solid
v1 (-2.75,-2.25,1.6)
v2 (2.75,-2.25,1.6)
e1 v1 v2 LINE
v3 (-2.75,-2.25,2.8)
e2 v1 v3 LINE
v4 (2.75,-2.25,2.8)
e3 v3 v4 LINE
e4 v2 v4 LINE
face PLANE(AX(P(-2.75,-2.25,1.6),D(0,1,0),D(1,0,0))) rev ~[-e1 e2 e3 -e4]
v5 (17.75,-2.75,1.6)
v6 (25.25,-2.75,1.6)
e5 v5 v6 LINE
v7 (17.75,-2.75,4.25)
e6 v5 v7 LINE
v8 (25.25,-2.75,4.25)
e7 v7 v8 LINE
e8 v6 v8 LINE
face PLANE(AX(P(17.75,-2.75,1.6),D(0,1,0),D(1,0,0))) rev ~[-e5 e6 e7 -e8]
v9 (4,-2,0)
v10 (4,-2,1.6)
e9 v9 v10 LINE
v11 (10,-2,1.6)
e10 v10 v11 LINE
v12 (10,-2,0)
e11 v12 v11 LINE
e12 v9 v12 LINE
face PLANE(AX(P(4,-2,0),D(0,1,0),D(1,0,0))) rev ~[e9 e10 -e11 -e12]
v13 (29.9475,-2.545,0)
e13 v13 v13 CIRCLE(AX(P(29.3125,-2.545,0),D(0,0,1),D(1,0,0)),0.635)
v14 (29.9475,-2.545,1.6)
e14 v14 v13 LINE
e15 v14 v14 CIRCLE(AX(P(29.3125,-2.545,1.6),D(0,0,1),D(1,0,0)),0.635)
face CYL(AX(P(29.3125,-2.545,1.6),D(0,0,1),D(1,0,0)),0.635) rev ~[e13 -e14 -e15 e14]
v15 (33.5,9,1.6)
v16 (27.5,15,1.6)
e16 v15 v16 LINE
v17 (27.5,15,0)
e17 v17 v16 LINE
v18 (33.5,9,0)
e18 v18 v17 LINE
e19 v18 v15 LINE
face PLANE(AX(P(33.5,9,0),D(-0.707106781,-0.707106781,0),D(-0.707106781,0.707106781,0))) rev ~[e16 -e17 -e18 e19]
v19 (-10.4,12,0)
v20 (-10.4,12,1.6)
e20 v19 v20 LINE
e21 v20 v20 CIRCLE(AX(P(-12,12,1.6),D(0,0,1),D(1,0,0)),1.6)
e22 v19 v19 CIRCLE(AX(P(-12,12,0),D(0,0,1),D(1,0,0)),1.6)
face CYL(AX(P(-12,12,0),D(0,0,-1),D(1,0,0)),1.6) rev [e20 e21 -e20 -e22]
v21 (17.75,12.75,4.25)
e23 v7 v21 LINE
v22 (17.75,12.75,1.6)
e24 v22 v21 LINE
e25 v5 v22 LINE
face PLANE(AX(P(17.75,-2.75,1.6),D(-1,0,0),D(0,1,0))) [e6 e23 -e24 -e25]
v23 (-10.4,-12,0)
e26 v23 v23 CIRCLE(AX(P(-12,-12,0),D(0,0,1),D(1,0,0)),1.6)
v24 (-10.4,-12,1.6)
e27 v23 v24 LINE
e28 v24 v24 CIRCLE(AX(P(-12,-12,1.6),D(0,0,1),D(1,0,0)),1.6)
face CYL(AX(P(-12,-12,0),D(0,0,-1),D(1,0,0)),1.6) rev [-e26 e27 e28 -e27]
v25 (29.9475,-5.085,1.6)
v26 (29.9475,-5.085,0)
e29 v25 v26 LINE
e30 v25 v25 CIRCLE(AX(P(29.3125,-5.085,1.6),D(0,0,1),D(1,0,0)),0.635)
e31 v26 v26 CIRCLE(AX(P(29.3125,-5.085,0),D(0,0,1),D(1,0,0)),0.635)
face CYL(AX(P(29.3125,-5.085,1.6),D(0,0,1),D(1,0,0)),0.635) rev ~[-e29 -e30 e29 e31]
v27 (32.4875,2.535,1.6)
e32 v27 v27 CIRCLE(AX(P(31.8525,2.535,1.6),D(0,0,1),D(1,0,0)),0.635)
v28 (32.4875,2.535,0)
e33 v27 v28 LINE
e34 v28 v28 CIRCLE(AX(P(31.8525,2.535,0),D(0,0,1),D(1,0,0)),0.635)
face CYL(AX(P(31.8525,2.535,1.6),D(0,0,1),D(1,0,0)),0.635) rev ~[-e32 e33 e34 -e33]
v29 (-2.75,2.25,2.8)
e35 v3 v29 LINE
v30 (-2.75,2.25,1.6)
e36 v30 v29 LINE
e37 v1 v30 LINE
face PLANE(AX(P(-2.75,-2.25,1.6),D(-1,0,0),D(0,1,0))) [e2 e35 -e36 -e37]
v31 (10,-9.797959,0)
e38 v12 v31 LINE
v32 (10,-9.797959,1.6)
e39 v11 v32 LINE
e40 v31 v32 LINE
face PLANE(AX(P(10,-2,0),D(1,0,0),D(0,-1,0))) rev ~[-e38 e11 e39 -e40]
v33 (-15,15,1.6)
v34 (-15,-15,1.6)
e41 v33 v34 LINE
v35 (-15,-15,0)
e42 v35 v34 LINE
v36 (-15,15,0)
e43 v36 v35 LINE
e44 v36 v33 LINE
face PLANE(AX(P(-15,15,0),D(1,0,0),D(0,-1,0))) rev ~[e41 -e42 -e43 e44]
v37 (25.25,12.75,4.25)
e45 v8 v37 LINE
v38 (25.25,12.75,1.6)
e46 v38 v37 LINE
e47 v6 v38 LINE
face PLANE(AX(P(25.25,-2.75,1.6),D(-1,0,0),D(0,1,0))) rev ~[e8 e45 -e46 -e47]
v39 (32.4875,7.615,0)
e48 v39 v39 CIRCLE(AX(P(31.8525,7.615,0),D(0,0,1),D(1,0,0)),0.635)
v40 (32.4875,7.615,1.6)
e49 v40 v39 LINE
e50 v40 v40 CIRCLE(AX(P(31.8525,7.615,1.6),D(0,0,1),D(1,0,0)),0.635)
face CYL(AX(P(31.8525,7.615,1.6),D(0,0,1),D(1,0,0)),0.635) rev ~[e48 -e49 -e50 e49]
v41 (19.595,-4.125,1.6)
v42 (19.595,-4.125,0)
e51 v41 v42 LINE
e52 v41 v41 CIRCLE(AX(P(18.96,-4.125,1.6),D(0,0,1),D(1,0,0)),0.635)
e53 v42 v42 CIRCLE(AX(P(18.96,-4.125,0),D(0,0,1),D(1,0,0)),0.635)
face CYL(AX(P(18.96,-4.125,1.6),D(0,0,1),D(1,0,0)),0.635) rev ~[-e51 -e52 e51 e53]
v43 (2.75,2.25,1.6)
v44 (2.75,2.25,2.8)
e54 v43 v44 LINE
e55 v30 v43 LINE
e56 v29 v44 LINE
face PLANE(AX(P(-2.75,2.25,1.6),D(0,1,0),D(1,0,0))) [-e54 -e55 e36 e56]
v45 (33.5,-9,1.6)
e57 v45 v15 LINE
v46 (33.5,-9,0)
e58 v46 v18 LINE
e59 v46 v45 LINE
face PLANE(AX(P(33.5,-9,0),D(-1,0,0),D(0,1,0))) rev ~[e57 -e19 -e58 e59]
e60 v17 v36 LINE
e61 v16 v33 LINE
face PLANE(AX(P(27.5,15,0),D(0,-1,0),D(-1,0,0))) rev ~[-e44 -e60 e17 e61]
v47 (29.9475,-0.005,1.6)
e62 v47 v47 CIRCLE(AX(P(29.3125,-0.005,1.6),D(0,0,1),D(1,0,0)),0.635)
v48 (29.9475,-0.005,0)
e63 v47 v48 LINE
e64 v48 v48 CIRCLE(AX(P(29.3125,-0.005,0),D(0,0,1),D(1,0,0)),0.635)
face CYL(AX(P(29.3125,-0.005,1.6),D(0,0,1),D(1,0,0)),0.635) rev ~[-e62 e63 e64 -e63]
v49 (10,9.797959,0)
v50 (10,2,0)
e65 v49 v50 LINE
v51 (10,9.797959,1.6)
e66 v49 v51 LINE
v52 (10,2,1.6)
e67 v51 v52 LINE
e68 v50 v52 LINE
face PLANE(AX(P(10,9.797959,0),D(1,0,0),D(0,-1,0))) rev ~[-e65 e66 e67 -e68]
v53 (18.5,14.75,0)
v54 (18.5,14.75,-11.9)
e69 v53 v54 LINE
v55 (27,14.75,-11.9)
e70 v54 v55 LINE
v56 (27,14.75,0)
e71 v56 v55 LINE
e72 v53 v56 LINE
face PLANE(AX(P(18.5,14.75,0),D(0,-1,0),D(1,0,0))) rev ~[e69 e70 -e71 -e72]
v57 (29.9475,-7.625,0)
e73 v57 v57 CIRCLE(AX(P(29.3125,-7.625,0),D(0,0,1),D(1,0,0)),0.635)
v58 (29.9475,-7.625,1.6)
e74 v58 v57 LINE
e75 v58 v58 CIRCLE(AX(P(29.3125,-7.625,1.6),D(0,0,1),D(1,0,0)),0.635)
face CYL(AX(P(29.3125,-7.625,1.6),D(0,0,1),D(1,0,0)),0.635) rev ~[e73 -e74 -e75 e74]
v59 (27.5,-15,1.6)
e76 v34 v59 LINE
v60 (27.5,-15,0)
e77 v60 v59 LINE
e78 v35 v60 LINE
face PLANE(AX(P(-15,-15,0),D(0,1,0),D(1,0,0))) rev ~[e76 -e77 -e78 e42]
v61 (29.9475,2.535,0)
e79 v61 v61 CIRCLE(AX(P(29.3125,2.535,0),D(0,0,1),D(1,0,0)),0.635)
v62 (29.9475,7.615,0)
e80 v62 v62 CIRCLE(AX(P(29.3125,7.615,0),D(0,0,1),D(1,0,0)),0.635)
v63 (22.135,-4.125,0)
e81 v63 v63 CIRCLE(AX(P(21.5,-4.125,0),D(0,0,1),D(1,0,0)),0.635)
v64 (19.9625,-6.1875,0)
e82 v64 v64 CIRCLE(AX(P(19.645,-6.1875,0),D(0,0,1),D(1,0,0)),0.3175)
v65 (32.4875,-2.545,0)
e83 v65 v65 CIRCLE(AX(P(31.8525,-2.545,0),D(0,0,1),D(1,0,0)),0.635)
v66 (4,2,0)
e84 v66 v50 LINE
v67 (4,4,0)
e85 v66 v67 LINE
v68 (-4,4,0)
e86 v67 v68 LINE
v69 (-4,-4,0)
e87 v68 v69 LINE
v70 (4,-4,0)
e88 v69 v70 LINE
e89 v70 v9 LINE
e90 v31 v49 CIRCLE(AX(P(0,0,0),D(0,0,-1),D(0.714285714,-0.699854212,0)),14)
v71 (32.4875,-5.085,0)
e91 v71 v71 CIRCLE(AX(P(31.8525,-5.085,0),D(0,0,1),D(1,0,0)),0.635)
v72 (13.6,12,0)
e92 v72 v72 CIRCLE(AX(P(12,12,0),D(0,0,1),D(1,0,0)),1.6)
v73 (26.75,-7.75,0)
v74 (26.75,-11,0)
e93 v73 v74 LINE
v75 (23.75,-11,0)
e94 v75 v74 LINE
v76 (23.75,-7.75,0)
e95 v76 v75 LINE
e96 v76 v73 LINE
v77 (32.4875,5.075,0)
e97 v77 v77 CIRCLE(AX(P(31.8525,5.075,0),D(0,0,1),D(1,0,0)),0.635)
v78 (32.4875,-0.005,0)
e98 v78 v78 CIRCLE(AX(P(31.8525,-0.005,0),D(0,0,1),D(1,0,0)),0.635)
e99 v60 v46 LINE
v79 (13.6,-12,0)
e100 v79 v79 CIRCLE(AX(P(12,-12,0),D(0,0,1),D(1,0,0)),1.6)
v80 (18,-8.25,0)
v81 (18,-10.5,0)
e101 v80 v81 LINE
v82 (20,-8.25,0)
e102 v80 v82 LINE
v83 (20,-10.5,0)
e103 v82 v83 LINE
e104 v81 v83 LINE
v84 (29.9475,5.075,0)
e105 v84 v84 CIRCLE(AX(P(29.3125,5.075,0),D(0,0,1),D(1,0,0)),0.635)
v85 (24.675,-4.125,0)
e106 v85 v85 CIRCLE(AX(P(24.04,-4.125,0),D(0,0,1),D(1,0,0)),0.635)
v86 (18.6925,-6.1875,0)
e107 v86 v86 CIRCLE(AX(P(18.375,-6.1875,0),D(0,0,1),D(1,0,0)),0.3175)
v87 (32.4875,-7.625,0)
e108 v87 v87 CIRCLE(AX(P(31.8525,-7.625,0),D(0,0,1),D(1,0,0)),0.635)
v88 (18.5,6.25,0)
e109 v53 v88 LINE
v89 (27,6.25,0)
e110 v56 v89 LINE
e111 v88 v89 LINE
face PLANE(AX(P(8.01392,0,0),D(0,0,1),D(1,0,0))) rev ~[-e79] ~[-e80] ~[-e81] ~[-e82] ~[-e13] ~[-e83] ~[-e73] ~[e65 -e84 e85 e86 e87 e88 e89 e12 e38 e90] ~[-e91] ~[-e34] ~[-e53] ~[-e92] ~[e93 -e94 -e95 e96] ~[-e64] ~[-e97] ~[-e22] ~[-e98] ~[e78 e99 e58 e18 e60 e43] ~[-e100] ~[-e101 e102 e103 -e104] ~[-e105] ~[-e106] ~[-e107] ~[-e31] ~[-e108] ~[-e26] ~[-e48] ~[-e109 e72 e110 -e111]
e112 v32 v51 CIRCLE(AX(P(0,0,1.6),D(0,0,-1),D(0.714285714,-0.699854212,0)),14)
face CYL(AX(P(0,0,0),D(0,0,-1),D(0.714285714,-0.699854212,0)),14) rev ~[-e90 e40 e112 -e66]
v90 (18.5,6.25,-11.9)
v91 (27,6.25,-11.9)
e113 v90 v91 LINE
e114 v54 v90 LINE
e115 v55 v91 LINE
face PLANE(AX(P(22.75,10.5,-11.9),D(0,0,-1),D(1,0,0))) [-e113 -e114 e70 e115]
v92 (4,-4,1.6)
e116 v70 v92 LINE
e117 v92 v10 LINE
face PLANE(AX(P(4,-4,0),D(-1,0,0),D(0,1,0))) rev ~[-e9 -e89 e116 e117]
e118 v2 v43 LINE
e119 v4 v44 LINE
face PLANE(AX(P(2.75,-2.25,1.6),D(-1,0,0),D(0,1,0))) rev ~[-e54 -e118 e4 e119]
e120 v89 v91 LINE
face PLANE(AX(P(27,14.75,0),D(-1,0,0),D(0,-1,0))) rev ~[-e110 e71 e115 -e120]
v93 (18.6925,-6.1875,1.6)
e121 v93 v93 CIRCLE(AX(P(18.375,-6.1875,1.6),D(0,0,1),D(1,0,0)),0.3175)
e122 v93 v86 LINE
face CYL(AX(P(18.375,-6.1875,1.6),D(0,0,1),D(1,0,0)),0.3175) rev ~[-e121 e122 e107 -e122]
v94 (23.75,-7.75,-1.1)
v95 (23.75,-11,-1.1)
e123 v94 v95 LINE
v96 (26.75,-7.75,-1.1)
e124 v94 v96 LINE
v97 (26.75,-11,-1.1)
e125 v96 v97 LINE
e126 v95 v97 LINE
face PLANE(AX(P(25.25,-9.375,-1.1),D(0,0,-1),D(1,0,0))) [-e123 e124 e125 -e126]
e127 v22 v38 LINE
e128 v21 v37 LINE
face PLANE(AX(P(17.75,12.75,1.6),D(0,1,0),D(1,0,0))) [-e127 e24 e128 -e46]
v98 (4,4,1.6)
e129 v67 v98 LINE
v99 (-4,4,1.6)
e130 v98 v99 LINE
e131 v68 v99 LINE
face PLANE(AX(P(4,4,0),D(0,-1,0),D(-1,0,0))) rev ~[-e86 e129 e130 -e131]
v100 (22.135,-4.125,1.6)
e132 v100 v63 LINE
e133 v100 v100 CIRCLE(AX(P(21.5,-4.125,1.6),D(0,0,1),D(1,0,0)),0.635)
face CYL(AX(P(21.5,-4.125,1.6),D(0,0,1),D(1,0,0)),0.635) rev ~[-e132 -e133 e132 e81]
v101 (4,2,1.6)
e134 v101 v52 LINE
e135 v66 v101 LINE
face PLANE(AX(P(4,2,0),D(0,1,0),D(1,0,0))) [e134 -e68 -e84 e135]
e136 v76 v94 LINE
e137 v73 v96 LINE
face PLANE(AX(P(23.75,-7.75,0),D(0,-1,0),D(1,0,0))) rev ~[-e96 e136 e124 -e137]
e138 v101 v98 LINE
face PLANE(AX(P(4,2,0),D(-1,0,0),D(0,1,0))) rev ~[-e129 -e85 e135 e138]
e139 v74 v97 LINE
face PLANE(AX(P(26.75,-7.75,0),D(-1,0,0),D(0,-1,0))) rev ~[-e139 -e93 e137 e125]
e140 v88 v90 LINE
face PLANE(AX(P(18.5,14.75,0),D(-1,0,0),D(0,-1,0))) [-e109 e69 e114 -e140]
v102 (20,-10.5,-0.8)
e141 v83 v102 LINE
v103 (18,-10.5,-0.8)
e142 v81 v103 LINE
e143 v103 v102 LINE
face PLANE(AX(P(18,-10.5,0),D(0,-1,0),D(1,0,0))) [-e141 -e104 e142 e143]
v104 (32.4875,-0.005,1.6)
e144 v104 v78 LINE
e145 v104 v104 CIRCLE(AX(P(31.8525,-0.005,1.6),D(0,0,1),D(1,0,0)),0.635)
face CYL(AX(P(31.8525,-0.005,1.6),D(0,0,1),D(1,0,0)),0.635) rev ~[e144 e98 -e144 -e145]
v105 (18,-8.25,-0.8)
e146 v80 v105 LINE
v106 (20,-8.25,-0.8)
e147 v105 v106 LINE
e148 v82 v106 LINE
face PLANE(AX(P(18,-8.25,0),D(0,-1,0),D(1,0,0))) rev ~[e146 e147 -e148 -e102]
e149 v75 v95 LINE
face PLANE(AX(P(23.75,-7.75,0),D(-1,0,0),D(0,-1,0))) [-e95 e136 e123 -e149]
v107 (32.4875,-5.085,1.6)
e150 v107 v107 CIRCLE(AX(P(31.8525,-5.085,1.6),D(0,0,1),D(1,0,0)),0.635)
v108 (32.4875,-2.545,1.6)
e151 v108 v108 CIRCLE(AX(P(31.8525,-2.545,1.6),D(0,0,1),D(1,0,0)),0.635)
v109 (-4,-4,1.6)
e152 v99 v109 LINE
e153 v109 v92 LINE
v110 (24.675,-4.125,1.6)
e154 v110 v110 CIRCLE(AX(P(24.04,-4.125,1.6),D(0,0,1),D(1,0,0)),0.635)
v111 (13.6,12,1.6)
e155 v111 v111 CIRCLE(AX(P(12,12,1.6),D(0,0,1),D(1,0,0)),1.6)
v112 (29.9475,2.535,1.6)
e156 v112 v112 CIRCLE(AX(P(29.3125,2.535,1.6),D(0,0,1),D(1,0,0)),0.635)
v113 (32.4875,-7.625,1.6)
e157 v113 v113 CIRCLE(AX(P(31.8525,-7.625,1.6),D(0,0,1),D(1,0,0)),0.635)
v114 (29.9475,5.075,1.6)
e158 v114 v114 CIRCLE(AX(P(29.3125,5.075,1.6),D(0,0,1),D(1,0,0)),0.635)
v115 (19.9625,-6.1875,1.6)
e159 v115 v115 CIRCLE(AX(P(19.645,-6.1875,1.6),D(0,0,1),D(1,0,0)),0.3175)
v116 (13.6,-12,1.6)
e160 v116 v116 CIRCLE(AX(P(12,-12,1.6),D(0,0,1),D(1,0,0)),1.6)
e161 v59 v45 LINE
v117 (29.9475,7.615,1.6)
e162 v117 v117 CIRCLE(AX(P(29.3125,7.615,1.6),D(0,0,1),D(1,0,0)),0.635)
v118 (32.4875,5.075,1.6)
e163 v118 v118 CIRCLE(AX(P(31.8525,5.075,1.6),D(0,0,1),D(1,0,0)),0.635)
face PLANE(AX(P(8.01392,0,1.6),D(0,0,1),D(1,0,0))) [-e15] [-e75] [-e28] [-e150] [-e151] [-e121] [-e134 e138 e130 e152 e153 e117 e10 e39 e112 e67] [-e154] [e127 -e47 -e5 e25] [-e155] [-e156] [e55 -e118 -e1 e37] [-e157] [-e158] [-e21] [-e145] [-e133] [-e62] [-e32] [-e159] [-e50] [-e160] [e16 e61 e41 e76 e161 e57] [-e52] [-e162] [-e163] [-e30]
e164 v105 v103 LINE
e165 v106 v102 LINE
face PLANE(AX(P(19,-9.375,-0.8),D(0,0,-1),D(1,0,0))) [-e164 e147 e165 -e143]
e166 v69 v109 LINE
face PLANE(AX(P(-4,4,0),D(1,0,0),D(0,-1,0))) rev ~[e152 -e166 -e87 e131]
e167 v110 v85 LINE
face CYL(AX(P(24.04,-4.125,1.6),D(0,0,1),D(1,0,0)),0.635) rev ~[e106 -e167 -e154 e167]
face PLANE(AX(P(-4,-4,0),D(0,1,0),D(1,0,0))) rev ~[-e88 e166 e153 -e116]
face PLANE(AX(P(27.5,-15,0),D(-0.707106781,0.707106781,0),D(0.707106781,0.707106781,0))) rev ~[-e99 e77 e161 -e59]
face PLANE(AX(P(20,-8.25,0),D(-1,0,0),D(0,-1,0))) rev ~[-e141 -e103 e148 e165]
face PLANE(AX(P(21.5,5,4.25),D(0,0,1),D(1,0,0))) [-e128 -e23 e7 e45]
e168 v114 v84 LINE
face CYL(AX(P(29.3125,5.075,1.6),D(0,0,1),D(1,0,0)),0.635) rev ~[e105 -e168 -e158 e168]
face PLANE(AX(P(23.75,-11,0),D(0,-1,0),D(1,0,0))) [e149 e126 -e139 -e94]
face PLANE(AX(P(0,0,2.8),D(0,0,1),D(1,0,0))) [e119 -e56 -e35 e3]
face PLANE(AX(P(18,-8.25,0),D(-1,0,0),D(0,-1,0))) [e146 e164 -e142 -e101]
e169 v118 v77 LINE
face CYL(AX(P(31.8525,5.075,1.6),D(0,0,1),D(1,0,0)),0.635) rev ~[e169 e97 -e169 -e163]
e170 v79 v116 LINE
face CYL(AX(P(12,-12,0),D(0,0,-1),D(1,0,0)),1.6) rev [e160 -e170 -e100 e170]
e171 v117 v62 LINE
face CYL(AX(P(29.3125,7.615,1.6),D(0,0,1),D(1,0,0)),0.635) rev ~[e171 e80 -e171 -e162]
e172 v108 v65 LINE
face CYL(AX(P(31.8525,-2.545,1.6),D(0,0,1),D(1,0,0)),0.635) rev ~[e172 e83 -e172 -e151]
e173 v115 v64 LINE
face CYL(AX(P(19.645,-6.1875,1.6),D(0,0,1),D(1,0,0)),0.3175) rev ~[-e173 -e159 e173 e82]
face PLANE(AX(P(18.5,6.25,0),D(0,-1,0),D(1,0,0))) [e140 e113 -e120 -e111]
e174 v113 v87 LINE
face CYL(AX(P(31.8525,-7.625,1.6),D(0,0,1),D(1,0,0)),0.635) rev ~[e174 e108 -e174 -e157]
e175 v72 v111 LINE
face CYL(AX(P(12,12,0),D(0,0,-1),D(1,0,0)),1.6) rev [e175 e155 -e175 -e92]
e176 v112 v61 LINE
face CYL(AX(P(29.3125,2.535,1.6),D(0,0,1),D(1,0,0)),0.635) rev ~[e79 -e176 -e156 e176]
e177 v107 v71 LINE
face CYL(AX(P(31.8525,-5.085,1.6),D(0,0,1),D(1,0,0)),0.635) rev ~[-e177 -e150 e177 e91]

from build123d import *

# Parameters (mm, degrees)
F0_R     = 1.6
F0_W     = 6
F0_H     = 4
F1_DEPTH = 1.6
F2_W     = 5.5
F2_H     = 4.5
F3_DEPTH = 1.2
F2_W_2   = 7.5
F2_H_2   = 15.5
F4_DEPTH = 2.65
F2_R     = 0.635
F2_R_2   = 0.3175
F5_DEPTH = 25
F6_W     = 8.5
F6_H     = 8.5
F7_DEPTH = 11.9
F6_W_2   = 2
F6_H_2   = 2.25
F8_DEPTH = 0.8
F6_W_3   = 3
F6_H_3   = 3.25
F9_DEPTH = 1.1


with BuildPart() as f1:
    # F0 (on Top) → F1 (new body)
    with BuildSketch(Plane.XY):
        Polygon((-15, 15), (-15, -15), (27.5, -15), (33.5, -9), (33.5, 9), (27.5, 15), align=None)
        with Locations((-12, -12)):
            Circle(F0_R, mode=Mode.SUBTRACT)
        with Locations((12, -12)):
            Circle(F0_R, mode=Mode.SUBTRACT)
        with BuildLine():
            ThreePointArc((10, 9.7979589711), (12.5492658483, 6.2061200978), (13.8564064606, 2))
            Line((13.8564064606, 2), (14, 2))
            Line((14, 2), (14, 0))
            Line((14, 0), (14, -2))
            Line((14, -2), (13.8564064606, -2))
            ThreePointArc((13.8564064606, -2), (12.5492658483, -6.2061200978), (10, -9.7979589711))
            ThreePointArc((10, -9.7979589711), (-14, 0), (10, 9.7979589711))
        make_face(mode=Mode.SUBTRACT)
        with Locations((-12, 12)):
            Circle(F0_R, mode=Mode.SUBTRACT)
        with Locations((12, 12)):
            Circle(F0_R, mode=Mode.SUBTRACT)
        Polygon((4, 2), (4, 4), (-4, 4), (-4, -4), (4, -4), (4, -2), align=None)
        with Locations((7, 0)):
            Rectangle(F0_W, F0_H)
        with BuildLine():
            Line((10, 9.7979589711), (10, 2))
            Line((10, 2), (13.8564064606, 2))
            ThreePointArc((13.8564064606, 2), (12.5492658483, 6.2061200978), (10, 9.7979589711))
        make_face()
        with BuildLine():
            Line((13.8564064606, -2), (10, -2))
            Line((10, -2), (10, -9.7979589711))
            ThreePointArc((10, -9.7979589711), (12.5492658483, -6.2061200978), (13.8564064606, -2))
        make_face()
        with BuildLine():
            Line((13.8564064606, 2), (10, 2))
            Line((10, 2), (10, -2))
            Line((10, -2), (13.8564064606, -2))
            ThreePointArc((13.8564064606, -2), (13.964055472, -1.0025740751), (14, 0))
            ThreePointArc((14, 0), (13.964055472, 1.0025740751), (13.8564064606, 2))
        make_face()
        with BuildLine():
            Line((14, 2), (13.8564064606, 2))
            ThreePointArc((13.8564064606, 2), (13.964055472, 1.0025740751), (14, 0))
            Line((14, 0), (14, 2))
        make_face()
        with BuildLine():
            ThreePointArc((14, 0), (13.964055472, -1.0025740751), (13.8564064606, -2))
            Line((13.8564064606, -2), (14, -2))
            Line((14, -2), (14, 0))
        make_face()
    extrude(amount=F1_DEPTH)

    # F2 (on face) → F3 (join)
    with BuildSketch(Plane.XY.offset(1.6)):
        Rectangle(F2_W, F2_H)
    extrude(amount=F3_DEPTH)

    # F2 (on face) → F4 (join)
    with BuildSketch(Plane.XY.offset(1.6)):
        with Locations((21.5, 5)):
            Rectangle(F2_W_2, F2_H_2)
    extrude(amount=F4_DEPTH)

    # F2 (on face) → F5 (cut)
    with BuildSketch(Plane.XY.offset(1.6)):
        with Locations((18.96, -4.125)):
            Circle(F2_R)
        with Locations((21.5, -4.125)):
            Circle(F2_R)
        with Locations((24.04, -4.125)):
            Circle(F2_R)
        with Locations((19.645, -6.1875)):
            Circle(F2_R_2)
        with Locations((18.375, -6.1875)):
            Circle(F2_R_2)
        with Locations((29.3125, -7.625)):
            Circle(F2_R)
        with Locations((31.8525, -7.625)):
            Circle(F2_R)
        with Locations((31.8525, -5.085)):
            Circle(F2_R)
        with Locations((29.3125, -5.085)):
            Circle(F2_R)
        with Locations((29.3125, -2.545)):
            Circle(F2_R)
        with Locations((31.8525, -2.545)):
            Circle(F2_R)
        with Locations((31.8525, -0.005)):
            Circle(F2_R)
        with Locations((29.3125, -0.005)):
            Circle(F2_R)
        with Locations((29.3125, 2.535)):
            Circle(F2_R)
        with Locations((31.8525, 2.535)):
            Circle(F2_R)
        with Locations((31.8525, 5.075)):
            Circle(F2_R)
        with Locations((29.3125, 5.075)):
            Circle(F2_R)
        with Locations((29.3125, 7.615)):
            Circle(F2_R)
        with Locations((31.8525, 7.615)):
            Circle(F2_R)
    extrude(amount=-F5_DEPTH, mode=Mode.SUBTRACT)

    # F6 (on face) → F7 (join)
    with BuildSketch(Plane(origin=(0, 0, 0), x_dir=(1, 0, 0), z_dir=(0, 0, -1))):
        with Locations((22.75, -10.5)):
            Rectangle(F6_W, F6_H)
    extrude(amount=F7_DEPTH)

    # F6 (on face) → F8 (join)
    with BuildSketch(Plane(origin=(0, 0, 0), x_dir=(1, 0, 0), z_dir=(0, 0, -1))):
        with Locations((19, 9.375)):
            Rectangle(F6_W_2, F6_H_2)
    extrude(amount=F8_DEPTH)

    # F6 (on face) → F9 (join)
    with BuildSketch(Plane(origin=(0, 0, 0), x_dir=(1, 0, 0), z_dir=(0, 0, -1))):
        with Locations((25.25, 9.375)):
            Rectangle(F6_W_3, F6_H_3)
    extrude(amount=F9_DEPTH)


solid = f1.part
